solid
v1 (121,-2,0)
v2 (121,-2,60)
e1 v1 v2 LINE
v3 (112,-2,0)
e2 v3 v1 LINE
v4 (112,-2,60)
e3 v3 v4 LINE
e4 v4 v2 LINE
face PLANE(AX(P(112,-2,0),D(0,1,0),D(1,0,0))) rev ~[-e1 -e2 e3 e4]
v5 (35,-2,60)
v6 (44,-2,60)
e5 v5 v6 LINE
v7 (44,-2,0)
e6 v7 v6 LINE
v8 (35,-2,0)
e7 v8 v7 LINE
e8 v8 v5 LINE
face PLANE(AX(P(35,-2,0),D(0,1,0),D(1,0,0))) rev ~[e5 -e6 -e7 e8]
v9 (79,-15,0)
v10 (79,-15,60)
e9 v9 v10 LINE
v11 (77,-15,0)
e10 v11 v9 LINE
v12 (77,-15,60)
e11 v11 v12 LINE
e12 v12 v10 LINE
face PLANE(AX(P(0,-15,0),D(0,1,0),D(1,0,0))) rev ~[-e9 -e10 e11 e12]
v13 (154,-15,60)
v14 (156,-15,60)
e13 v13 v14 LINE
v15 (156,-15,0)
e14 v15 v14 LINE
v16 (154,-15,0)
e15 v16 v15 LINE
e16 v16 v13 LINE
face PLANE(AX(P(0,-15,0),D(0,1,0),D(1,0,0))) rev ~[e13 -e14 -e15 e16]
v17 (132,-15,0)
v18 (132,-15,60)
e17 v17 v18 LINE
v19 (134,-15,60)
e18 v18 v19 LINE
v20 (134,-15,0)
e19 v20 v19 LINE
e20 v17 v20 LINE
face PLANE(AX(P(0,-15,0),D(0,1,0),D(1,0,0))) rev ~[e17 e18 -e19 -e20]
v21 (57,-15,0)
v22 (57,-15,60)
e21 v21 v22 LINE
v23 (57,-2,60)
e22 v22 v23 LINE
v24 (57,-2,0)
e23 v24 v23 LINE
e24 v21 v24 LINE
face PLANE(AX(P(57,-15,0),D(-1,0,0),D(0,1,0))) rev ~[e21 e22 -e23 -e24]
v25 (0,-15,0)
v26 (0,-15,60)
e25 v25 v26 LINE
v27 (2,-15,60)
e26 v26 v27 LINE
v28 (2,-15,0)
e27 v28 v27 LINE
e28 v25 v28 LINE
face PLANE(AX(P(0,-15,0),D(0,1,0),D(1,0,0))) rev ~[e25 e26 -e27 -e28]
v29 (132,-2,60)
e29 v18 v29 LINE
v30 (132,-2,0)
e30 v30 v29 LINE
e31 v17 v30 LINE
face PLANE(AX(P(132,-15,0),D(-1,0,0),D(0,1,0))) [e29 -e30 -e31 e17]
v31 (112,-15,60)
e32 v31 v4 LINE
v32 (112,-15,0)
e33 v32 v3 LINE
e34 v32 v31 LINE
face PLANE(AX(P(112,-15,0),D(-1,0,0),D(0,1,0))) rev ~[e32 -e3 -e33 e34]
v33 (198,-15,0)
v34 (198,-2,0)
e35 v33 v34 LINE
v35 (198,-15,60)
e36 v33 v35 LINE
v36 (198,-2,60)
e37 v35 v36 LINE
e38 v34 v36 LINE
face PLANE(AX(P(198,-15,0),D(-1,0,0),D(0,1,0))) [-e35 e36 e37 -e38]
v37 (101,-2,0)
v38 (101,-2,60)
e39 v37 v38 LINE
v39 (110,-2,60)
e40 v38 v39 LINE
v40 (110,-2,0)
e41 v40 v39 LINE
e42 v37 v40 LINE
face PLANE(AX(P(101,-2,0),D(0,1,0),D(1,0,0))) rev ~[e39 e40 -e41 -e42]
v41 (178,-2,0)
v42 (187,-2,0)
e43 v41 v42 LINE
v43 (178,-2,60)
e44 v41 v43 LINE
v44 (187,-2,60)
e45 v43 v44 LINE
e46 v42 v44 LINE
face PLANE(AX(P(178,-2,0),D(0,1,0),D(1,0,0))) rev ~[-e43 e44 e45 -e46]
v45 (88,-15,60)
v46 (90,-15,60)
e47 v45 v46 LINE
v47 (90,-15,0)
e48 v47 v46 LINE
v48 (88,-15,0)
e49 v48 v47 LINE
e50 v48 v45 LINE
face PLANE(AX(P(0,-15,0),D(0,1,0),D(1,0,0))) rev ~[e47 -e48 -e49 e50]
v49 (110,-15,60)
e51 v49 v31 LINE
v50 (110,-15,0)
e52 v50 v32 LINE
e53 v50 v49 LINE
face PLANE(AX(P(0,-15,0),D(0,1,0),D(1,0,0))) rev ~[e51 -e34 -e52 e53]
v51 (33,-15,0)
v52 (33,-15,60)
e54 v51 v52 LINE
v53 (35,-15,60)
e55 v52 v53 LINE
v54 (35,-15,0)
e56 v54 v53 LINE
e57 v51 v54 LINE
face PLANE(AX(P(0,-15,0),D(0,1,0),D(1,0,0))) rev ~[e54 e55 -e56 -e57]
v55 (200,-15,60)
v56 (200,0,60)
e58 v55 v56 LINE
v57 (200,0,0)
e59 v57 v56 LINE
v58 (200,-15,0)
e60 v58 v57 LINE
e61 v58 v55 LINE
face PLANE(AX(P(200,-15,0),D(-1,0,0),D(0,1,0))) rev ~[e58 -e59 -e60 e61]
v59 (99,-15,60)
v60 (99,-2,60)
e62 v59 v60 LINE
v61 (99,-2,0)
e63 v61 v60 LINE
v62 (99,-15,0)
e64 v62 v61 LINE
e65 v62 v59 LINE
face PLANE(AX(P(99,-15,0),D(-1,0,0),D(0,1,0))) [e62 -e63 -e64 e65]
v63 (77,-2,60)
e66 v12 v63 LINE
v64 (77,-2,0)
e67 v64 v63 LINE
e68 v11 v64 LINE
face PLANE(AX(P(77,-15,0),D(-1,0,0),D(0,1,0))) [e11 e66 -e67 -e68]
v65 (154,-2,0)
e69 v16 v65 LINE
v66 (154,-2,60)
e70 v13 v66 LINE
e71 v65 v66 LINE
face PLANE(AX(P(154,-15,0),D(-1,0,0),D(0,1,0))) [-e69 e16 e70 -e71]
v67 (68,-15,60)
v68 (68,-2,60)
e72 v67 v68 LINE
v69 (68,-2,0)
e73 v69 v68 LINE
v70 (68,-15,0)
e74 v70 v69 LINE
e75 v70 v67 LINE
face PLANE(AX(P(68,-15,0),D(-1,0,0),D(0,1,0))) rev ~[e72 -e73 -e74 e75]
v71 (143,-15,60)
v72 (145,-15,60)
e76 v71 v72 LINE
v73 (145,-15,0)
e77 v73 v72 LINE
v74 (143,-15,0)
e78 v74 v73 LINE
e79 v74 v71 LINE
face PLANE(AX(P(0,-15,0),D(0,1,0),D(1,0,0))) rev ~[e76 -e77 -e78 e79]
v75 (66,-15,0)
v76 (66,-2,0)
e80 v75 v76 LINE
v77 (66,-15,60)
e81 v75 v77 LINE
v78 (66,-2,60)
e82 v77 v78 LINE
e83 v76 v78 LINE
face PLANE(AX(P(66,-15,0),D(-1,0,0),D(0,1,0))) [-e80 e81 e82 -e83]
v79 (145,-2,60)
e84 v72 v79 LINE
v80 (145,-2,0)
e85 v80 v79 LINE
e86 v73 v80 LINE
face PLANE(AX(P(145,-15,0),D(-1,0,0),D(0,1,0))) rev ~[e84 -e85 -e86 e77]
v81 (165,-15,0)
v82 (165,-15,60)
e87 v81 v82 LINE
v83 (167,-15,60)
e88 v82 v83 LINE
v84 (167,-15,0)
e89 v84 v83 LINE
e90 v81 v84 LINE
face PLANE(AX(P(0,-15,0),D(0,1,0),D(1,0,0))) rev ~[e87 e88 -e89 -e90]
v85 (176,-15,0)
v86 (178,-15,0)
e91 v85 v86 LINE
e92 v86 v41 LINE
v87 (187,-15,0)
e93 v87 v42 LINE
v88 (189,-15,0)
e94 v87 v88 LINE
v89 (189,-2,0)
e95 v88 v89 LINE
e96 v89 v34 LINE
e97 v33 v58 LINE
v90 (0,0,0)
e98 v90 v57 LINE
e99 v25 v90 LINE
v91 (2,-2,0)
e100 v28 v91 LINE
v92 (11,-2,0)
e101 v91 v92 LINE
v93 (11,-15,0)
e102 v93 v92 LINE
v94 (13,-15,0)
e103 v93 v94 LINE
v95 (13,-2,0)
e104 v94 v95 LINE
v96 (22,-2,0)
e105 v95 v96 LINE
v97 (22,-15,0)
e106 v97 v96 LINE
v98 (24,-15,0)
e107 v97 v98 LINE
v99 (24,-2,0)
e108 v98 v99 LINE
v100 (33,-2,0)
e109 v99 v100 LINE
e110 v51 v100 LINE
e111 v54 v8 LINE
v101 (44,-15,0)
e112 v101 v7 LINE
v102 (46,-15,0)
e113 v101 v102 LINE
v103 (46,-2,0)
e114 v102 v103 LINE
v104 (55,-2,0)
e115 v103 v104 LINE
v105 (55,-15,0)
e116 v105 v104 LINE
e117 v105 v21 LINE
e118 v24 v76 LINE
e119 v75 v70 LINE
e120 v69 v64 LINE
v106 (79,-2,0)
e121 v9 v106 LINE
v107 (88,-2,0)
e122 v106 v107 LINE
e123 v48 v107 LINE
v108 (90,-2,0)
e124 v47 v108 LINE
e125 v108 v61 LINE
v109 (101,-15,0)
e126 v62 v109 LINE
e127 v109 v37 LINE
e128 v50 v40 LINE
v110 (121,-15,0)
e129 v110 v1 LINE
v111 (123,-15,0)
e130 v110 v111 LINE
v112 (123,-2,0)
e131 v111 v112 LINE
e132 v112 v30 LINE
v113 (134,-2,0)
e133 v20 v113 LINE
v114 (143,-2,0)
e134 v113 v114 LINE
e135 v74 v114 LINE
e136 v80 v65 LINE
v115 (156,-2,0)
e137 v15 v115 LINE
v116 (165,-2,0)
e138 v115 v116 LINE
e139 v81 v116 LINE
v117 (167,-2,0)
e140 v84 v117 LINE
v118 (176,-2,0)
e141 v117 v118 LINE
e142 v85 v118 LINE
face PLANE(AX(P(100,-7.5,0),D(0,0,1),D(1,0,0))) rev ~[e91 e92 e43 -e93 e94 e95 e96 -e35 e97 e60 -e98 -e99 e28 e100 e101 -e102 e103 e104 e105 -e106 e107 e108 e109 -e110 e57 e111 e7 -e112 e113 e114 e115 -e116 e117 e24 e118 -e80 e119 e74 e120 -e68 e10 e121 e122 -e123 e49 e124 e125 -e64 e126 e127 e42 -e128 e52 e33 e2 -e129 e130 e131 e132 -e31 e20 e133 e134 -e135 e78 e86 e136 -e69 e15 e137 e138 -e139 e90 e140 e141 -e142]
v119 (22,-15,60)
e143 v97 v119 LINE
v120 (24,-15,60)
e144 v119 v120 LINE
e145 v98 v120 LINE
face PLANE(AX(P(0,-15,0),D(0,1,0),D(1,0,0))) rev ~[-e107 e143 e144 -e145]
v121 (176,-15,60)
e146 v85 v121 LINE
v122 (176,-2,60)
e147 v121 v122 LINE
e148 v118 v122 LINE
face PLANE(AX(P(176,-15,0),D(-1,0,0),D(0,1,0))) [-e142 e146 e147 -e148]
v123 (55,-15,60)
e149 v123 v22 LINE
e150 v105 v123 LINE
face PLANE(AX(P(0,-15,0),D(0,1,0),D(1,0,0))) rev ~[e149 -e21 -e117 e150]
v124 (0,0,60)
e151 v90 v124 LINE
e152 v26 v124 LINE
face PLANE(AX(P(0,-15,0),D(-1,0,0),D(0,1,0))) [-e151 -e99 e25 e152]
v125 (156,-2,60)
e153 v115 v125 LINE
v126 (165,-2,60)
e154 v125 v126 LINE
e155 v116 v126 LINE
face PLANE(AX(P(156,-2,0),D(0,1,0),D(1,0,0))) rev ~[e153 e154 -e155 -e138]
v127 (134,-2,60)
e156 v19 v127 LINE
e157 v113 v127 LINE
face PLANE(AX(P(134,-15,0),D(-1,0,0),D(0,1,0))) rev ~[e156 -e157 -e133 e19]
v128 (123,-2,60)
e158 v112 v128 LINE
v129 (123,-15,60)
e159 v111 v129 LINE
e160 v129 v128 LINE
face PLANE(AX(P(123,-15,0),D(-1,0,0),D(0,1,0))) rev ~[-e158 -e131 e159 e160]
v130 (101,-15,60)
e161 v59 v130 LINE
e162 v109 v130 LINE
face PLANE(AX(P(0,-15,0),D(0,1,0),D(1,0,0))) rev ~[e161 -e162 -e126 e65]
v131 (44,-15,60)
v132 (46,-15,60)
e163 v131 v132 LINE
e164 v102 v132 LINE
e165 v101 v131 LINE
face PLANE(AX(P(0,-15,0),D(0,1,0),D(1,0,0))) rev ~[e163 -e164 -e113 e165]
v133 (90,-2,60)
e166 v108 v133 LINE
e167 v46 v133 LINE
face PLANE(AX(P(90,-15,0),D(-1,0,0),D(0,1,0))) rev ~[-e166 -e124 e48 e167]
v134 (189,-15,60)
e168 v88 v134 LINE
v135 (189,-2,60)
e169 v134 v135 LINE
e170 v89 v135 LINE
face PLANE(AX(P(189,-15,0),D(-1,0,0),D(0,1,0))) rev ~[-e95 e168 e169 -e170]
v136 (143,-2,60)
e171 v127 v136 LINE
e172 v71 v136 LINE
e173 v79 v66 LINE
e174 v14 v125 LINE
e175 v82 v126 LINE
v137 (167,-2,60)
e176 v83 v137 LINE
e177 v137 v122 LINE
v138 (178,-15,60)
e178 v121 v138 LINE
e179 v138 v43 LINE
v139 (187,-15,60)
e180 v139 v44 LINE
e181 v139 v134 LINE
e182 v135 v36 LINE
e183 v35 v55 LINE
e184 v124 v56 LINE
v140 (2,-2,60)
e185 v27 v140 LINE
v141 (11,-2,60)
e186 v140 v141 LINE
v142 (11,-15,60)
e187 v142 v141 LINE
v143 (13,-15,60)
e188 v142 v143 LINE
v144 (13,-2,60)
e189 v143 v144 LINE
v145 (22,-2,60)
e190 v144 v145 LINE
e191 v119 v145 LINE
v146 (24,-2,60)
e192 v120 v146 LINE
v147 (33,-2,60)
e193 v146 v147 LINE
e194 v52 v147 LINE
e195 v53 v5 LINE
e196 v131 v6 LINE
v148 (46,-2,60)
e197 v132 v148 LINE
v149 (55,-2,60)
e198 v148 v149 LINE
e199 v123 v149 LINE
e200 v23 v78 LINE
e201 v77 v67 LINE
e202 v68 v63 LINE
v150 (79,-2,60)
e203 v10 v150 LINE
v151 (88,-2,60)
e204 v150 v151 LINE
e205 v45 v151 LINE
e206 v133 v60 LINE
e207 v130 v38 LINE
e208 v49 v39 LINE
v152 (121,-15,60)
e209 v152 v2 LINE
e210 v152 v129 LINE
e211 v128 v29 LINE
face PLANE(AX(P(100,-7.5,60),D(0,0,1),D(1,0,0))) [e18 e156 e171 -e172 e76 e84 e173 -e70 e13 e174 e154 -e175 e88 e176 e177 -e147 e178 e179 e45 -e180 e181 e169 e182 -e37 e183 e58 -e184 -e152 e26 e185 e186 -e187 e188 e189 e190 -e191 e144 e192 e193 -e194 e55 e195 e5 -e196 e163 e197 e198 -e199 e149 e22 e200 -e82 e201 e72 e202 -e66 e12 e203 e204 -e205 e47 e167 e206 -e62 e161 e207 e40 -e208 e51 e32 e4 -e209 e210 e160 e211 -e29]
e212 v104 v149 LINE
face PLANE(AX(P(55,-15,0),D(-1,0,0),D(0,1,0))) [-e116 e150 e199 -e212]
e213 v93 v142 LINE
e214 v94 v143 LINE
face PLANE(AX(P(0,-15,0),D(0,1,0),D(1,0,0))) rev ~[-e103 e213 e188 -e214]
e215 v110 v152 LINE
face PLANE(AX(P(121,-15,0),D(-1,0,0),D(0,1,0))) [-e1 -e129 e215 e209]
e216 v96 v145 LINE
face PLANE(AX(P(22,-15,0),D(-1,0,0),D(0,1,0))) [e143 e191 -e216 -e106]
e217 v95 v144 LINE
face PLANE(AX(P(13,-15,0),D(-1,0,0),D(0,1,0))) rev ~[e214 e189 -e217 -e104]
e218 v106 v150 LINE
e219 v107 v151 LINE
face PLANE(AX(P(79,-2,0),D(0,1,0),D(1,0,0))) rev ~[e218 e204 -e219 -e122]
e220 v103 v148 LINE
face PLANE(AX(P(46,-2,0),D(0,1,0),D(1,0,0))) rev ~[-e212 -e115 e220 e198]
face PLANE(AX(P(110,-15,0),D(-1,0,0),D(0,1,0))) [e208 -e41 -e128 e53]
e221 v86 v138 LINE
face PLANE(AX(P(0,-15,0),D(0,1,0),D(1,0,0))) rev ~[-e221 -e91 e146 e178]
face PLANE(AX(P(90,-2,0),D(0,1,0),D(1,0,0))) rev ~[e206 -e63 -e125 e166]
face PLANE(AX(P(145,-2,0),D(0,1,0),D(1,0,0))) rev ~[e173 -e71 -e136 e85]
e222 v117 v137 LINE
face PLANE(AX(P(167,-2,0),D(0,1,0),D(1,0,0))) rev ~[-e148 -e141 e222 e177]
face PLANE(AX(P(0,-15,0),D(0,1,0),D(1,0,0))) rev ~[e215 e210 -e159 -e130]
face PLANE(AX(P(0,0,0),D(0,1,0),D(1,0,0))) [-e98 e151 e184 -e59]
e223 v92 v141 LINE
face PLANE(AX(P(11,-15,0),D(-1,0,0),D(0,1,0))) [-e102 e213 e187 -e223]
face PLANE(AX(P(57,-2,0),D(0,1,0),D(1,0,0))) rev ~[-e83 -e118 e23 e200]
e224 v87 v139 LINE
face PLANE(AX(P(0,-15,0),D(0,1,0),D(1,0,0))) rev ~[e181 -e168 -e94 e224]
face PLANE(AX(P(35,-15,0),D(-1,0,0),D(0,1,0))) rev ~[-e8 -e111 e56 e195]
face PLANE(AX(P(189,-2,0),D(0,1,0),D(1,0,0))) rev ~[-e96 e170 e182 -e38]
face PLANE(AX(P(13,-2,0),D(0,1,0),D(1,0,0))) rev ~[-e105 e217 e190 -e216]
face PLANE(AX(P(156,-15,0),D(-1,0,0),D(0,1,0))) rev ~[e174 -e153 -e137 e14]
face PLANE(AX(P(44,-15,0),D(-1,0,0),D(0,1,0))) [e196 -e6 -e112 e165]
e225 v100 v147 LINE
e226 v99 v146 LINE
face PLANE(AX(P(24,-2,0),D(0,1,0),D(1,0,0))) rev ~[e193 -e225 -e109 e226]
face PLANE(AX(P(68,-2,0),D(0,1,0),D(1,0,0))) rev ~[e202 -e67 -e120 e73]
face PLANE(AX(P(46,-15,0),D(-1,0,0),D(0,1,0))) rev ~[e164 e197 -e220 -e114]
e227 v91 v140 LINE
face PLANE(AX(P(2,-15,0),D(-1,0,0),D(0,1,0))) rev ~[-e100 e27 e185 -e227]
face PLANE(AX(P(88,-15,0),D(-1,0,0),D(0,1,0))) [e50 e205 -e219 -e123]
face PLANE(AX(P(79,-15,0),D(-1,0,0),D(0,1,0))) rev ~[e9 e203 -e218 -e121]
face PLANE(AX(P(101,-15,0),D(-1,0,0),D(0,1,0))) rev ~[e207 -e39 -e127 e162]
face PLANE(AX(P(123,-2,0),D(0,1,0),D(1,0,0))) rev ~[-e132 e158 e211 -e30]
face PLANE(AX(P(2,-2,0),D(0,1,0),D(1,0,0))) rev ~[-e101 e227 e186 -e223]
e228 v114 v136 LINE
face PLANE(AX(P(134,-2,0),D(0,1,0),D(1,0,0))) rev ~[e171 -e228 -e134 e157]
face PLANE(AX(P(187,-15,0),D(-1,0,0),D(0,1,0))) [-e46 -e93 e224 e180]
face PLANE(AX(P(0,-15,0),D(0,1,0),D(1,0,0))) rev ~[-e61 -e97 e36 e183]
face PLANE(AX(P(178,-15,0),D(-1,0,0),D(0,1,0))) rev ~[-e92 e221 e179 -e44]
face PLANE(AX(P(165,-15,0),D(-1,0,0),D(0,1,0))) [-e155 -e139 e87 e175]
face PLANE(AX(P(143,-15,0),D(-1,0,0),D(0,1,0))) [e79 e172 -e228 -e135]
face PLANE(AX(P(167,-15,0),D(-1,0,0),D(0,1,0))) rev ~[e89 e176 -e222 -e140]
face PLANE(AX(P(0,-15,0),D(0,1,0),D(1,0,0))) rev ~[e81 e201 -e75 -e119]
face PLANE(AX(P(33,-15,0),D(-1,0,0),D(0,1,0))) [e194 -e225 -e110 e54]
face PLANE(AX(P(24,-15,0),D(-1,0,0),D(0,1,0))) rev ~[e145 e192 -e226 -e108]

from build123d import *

# Parameters (mm, degrees)
BOX035_W     = 9
BOX035_H     = 13
BOX035_DEPTH = 60
BOX023_W     = 9
BOX023_H     = 13
BOX023_DEPTH = 60
BOX024_W     = 9
BOX024_H     = 13
BOX024_DEPTH = 60
BOX025_W     = 9
BOX025_H     = 13
BOX025_DEPTH = 60
BOX026_W     = 9
BOX026_H     = 13
BOX026_DEPTH = 60
BOX027_W     = 9
BOX027_H     = 13
BOX027_DEPTH = 60
BOX028_W     = 9
BOX028_H     = 13
BOX028_DEPTH = 60
BOX029_W     = 9
BOX029_H     = 13
BOX029_DEPTH = 60
BOX030_W     = 9
BOX030_H     = 13
BOX030_DEPTH = 60
BOX031_W     = 9
BOX031_H     = 13
BOX031_DEPTH = 60
BOX032_W     = 9
BOX032_H     = 13
BOX032_DEPTH = 60
BOX033_W     = 9
BOX033_H     = 13
BOX033_DEPTH = 60
BOX034_W     = 9
BOX034_H     = 13
BOX034_DEPTH = 60
BOX036_W     = 9
BOX036_H     = 13
BOX036_DEPTH = 60
BOX037_W     = 9
BOX037_H     = 13
BOX037_DEPTH = 60
BOX038_W     = 9
BOX038_H     = 13
BOX038_DEPTH = 60
BOX039_W     = 9
BOX039_H     = 13
BOX039_DEPTH = 60
BOX022_W     = 9
BOX022_H     = 13
BOX022_DEPTH = 60
BOX021_W     = 200
BOX021_H     = 15
BOX021_DEPTH = 60


with BuildPart() as cube035:
    # Box035 → Box035 (new body)
    with BuildSketch(Plane(origin=(145, -15, 0), x_dir=(1, 0, 0), z_dir=(0, 0, 1))):
        with Locations((4.5, 6.5)):
            Rectangle(BOX035_W, BOX035_H)
    extrude(amount=BOX035_DEPTH)


with BuildPart() as cube023:
    # Box023 → Box023 (new body)
    with BuildSketch(Plane(origin=(13, -15, 0), x_dir=(1, 0, 0), z_dir=(0, 0, 1))):
        with Locations((4.5, 6.5)):
            Rectangle(BOX023_W, BOX023_H)
    extrude(amount=BOX023_DEPTH)


with BuildPart() as cube024:
    # Box024 → Box024 (new body)
    with BuildSketch(Plane(origin=(24, -15, 0), x_dir=(1, 0, 0), z_dir=(0, 0, 1))):
        with Locations((4.5, 6.5)):
            Rectangle(BOX024_W, BOX024_H)
    extrude(amount=BOX024_DEPTH)


with BuildPart() as cube025:
    # Box025 → Box025 (new body)
    with BuildSketch(Plane(origin=(35, -15, 0), x_dir=(1, 0, 0), z_dir=(0, 0, 1))):
        with Locations((4.5, 6.5)):
            Rectangle(BOX025_W, BOX025_H)
    extrude(amount=BOX025_DEPTH)


with BuildPart() as cube026:
    # Box026 → Box026 (new body)
    with BuildSketch(Plane(origin=(46, -15, 0), x_dir=(1, 0, 0), z_dir=(0, 0, 1))):
        with Locations((4.5, 6.5)):
            Rectangle(BOX026_W, BOX026_H)
    extrude(amount=BOX026_DEPTH)


with BuildPart() as cube027:
    # Box027 → Box027 (new body)
    with BuildSketch(Plane(origin=(57, -15, 0), x_dir=(1, 0, 0), z_dir=(0, 0, 1))):
        with Locations((4.5, 6.5)):
            Rectangle(BOX027_W, BOX027_H)
    extrude(amount=BOX027_DEPTH)


with BuildPart() as cube028:
    # Box028 → Box028 (new body)
    with BuildSketch(Plane(origin=(68, -15, 0), x_dir=(1, 0, 0), z_dir=(0, 0, 1))):
        with Locations((4.5, 6.5)):
            Rectangle(BOX028_W, BOX028_H)
    extrude(amount=BOX028_DEPTH)


with BuildPart() as cube029:
    # Box029 → Box029 (new body)
    with BuildSketch(Plane(origin=(79, -15, 0), x_dir=(1, 0, 0), z_dir=(0, 0, 1))):
        with Locations((4.5, 6.5)):
            Rectangle(BOX029_W, BOX029_H)
    extrude(amount=BOX029_DEPTH)


with BuildPart() as cube030:
    # Box030 → Box030 (new body)
    with BuildSketch(Plane(origin=(90, -15, 0), x_dir=(1, 0, 0), z_dir=(0, 0, 1))):
        with Locations((4.5, 6.5)):
            Rectangle(BOX030_W, BOX030_H)
    extrude(amount=BOX030_DEPTH)


with BuildPart() as cube031:
    # Box031 → Box031 (new body)
    with BuildSketch(Plane(origin=(101, -15, 0), x_dir=(1, 0, 0), z_dir=(0, 0, 1))):
        with Locations((4.5, 6.5)):
            Rectangle(BOX031_W, BOX031_H)
    extrude(amount=BOX031_DEPTH)


with BuildPart() as cube032:
    # Box032 → Box032 (new body)
    with BuildSketch(Plane(origin=(112, -15, 0), x_dir=(1, 0, 0), z_dir=(0, 0, 1))):
        with Locations((4.5, 6.5)):
            Rectangle(BOX032_W, BOX032_H)
    extrude(amount=BOX032_DEPTH)


with BuildPart() as cube033:
    # Box033 → Box033 (new body)
    with BuildSketch(Plane(origin=(123, -15, 0), x_dir=(1, 0, 0), z_dir=(0, 0, 1))):
        with Locations((4.5, 6.5)):
            Rectangle(BOX033_W, BOX033_H)
    extrude(amount=BOX033_DEPTH)


with BuildPart() as cube034:
    # Box034 → Box034 (new body)
    with BuildSketch(Plane(origin=(134, -15, 0), x_dir=(1, 0, 0), z_dir=(0, 0, 1))):
        with Locations((4.5, 6.5)):
            Rectangle(BOX034_W, BOX034_H)
    extrude(amount=BOX034_DEPTH)


with BuildPart() as cube036:
    # Box036 → Box036 (new body)
    with BuildSketch(Plane(origin=(156, -15, 0), x_dir=(1, 0, 0), z_dir=(0, 0, 1))):
        with Locations((4.5, 6.5)):
            Rectangle(BOX036_W, BOX036_H)
    extrude(amount=BOX036_DEPTH)


with BuildPart() as cube037:
    # Box037 → Box037 (new body)
    with BuildSketch(Plane(origin=(167, -15, 0), x_dir=(1, 0, 0), z_dir=(0, 0, 1))):
        with Locations((4.5, 6.5)):
            Rectangle(BOX037_W, BOX037_H)
    extrude(amount=BOX037_DEPTH)


with BuildPart() as cube038:
    # Box038 → Box038 (new body)
    with BuildSketch(Plane(origin=(178, -15, 0), x_dir=(1, 0, 0), z_dir=(0, 0, 1))):
        with Locations((4.5, 6.5)):
            Rectangle(BOX038_W, BOX038_H)
    extrude(amount=BOX038_DEPTH)


with BuildPart() as cube039:
    # Box039 → Box039 (new body)
    with BuildSketch(Plane(origin=(189, -15, 0), x_dir=(1, 0, 0), z_dir=(0, 0, 1))):
        with Locations((4.5, 6.5)):
            Rectangle(BOX039_W, BOX039_H)
    extrude(amount=BOX039_DEPTH)


with BuildPart() as compound001:
    # Box022 → Box022 (new body)
    with BuildSketch(Plane(origin=(2, -15, 0), x_dir=(1, 0, 0), z_dir=(0, 0, 1))):
        with Locations((4.5, 6.5)):
            Rectangle(BOX022_W, BOX022_H)
    extrude(amount=BOX022_DEPTH)

    # Compound001: union Cube035, Cube023, Cube024, Cube025, Cube026, Cube027, Cube028, Cube029, Cube030, Cube031, Cube032, Cube033, Cube034, Cube036, Cube037, Cube038, Cube039
    add(cube035.part)
    add(cube023.part)
    add(cube024.part)
    add(cube025.part)
    add(cube026.part)
    add(cube027.part)
    add(cube028.part)
    add(cube029.part)
    add(cube030.part)
    add(cube031.part)
    add(cube032.part)
    add(cube033.part)
    add(cube034.part)
    add(cube036.part)
    add(cube037.part)
    add(cube038.part)
    add(cube039.part)


with BuildPart() as cut002:
    # Box021 → Box021 (new body)
    with BuildSketch(Plane(origin=(0, -15, 0), x_dir=(1, 0, 0), z_dir=(0, 0, 1))):
        with Locations((100, 7.5)):
            Rectangle(BOX021_W, BOX021_H)
    extrude(amount=BOX021_DEPTH)

    # Cut002: cut Compound001
    add(compound001.part, mode=Mode.SUBTRACT)


solid = cut002.part
